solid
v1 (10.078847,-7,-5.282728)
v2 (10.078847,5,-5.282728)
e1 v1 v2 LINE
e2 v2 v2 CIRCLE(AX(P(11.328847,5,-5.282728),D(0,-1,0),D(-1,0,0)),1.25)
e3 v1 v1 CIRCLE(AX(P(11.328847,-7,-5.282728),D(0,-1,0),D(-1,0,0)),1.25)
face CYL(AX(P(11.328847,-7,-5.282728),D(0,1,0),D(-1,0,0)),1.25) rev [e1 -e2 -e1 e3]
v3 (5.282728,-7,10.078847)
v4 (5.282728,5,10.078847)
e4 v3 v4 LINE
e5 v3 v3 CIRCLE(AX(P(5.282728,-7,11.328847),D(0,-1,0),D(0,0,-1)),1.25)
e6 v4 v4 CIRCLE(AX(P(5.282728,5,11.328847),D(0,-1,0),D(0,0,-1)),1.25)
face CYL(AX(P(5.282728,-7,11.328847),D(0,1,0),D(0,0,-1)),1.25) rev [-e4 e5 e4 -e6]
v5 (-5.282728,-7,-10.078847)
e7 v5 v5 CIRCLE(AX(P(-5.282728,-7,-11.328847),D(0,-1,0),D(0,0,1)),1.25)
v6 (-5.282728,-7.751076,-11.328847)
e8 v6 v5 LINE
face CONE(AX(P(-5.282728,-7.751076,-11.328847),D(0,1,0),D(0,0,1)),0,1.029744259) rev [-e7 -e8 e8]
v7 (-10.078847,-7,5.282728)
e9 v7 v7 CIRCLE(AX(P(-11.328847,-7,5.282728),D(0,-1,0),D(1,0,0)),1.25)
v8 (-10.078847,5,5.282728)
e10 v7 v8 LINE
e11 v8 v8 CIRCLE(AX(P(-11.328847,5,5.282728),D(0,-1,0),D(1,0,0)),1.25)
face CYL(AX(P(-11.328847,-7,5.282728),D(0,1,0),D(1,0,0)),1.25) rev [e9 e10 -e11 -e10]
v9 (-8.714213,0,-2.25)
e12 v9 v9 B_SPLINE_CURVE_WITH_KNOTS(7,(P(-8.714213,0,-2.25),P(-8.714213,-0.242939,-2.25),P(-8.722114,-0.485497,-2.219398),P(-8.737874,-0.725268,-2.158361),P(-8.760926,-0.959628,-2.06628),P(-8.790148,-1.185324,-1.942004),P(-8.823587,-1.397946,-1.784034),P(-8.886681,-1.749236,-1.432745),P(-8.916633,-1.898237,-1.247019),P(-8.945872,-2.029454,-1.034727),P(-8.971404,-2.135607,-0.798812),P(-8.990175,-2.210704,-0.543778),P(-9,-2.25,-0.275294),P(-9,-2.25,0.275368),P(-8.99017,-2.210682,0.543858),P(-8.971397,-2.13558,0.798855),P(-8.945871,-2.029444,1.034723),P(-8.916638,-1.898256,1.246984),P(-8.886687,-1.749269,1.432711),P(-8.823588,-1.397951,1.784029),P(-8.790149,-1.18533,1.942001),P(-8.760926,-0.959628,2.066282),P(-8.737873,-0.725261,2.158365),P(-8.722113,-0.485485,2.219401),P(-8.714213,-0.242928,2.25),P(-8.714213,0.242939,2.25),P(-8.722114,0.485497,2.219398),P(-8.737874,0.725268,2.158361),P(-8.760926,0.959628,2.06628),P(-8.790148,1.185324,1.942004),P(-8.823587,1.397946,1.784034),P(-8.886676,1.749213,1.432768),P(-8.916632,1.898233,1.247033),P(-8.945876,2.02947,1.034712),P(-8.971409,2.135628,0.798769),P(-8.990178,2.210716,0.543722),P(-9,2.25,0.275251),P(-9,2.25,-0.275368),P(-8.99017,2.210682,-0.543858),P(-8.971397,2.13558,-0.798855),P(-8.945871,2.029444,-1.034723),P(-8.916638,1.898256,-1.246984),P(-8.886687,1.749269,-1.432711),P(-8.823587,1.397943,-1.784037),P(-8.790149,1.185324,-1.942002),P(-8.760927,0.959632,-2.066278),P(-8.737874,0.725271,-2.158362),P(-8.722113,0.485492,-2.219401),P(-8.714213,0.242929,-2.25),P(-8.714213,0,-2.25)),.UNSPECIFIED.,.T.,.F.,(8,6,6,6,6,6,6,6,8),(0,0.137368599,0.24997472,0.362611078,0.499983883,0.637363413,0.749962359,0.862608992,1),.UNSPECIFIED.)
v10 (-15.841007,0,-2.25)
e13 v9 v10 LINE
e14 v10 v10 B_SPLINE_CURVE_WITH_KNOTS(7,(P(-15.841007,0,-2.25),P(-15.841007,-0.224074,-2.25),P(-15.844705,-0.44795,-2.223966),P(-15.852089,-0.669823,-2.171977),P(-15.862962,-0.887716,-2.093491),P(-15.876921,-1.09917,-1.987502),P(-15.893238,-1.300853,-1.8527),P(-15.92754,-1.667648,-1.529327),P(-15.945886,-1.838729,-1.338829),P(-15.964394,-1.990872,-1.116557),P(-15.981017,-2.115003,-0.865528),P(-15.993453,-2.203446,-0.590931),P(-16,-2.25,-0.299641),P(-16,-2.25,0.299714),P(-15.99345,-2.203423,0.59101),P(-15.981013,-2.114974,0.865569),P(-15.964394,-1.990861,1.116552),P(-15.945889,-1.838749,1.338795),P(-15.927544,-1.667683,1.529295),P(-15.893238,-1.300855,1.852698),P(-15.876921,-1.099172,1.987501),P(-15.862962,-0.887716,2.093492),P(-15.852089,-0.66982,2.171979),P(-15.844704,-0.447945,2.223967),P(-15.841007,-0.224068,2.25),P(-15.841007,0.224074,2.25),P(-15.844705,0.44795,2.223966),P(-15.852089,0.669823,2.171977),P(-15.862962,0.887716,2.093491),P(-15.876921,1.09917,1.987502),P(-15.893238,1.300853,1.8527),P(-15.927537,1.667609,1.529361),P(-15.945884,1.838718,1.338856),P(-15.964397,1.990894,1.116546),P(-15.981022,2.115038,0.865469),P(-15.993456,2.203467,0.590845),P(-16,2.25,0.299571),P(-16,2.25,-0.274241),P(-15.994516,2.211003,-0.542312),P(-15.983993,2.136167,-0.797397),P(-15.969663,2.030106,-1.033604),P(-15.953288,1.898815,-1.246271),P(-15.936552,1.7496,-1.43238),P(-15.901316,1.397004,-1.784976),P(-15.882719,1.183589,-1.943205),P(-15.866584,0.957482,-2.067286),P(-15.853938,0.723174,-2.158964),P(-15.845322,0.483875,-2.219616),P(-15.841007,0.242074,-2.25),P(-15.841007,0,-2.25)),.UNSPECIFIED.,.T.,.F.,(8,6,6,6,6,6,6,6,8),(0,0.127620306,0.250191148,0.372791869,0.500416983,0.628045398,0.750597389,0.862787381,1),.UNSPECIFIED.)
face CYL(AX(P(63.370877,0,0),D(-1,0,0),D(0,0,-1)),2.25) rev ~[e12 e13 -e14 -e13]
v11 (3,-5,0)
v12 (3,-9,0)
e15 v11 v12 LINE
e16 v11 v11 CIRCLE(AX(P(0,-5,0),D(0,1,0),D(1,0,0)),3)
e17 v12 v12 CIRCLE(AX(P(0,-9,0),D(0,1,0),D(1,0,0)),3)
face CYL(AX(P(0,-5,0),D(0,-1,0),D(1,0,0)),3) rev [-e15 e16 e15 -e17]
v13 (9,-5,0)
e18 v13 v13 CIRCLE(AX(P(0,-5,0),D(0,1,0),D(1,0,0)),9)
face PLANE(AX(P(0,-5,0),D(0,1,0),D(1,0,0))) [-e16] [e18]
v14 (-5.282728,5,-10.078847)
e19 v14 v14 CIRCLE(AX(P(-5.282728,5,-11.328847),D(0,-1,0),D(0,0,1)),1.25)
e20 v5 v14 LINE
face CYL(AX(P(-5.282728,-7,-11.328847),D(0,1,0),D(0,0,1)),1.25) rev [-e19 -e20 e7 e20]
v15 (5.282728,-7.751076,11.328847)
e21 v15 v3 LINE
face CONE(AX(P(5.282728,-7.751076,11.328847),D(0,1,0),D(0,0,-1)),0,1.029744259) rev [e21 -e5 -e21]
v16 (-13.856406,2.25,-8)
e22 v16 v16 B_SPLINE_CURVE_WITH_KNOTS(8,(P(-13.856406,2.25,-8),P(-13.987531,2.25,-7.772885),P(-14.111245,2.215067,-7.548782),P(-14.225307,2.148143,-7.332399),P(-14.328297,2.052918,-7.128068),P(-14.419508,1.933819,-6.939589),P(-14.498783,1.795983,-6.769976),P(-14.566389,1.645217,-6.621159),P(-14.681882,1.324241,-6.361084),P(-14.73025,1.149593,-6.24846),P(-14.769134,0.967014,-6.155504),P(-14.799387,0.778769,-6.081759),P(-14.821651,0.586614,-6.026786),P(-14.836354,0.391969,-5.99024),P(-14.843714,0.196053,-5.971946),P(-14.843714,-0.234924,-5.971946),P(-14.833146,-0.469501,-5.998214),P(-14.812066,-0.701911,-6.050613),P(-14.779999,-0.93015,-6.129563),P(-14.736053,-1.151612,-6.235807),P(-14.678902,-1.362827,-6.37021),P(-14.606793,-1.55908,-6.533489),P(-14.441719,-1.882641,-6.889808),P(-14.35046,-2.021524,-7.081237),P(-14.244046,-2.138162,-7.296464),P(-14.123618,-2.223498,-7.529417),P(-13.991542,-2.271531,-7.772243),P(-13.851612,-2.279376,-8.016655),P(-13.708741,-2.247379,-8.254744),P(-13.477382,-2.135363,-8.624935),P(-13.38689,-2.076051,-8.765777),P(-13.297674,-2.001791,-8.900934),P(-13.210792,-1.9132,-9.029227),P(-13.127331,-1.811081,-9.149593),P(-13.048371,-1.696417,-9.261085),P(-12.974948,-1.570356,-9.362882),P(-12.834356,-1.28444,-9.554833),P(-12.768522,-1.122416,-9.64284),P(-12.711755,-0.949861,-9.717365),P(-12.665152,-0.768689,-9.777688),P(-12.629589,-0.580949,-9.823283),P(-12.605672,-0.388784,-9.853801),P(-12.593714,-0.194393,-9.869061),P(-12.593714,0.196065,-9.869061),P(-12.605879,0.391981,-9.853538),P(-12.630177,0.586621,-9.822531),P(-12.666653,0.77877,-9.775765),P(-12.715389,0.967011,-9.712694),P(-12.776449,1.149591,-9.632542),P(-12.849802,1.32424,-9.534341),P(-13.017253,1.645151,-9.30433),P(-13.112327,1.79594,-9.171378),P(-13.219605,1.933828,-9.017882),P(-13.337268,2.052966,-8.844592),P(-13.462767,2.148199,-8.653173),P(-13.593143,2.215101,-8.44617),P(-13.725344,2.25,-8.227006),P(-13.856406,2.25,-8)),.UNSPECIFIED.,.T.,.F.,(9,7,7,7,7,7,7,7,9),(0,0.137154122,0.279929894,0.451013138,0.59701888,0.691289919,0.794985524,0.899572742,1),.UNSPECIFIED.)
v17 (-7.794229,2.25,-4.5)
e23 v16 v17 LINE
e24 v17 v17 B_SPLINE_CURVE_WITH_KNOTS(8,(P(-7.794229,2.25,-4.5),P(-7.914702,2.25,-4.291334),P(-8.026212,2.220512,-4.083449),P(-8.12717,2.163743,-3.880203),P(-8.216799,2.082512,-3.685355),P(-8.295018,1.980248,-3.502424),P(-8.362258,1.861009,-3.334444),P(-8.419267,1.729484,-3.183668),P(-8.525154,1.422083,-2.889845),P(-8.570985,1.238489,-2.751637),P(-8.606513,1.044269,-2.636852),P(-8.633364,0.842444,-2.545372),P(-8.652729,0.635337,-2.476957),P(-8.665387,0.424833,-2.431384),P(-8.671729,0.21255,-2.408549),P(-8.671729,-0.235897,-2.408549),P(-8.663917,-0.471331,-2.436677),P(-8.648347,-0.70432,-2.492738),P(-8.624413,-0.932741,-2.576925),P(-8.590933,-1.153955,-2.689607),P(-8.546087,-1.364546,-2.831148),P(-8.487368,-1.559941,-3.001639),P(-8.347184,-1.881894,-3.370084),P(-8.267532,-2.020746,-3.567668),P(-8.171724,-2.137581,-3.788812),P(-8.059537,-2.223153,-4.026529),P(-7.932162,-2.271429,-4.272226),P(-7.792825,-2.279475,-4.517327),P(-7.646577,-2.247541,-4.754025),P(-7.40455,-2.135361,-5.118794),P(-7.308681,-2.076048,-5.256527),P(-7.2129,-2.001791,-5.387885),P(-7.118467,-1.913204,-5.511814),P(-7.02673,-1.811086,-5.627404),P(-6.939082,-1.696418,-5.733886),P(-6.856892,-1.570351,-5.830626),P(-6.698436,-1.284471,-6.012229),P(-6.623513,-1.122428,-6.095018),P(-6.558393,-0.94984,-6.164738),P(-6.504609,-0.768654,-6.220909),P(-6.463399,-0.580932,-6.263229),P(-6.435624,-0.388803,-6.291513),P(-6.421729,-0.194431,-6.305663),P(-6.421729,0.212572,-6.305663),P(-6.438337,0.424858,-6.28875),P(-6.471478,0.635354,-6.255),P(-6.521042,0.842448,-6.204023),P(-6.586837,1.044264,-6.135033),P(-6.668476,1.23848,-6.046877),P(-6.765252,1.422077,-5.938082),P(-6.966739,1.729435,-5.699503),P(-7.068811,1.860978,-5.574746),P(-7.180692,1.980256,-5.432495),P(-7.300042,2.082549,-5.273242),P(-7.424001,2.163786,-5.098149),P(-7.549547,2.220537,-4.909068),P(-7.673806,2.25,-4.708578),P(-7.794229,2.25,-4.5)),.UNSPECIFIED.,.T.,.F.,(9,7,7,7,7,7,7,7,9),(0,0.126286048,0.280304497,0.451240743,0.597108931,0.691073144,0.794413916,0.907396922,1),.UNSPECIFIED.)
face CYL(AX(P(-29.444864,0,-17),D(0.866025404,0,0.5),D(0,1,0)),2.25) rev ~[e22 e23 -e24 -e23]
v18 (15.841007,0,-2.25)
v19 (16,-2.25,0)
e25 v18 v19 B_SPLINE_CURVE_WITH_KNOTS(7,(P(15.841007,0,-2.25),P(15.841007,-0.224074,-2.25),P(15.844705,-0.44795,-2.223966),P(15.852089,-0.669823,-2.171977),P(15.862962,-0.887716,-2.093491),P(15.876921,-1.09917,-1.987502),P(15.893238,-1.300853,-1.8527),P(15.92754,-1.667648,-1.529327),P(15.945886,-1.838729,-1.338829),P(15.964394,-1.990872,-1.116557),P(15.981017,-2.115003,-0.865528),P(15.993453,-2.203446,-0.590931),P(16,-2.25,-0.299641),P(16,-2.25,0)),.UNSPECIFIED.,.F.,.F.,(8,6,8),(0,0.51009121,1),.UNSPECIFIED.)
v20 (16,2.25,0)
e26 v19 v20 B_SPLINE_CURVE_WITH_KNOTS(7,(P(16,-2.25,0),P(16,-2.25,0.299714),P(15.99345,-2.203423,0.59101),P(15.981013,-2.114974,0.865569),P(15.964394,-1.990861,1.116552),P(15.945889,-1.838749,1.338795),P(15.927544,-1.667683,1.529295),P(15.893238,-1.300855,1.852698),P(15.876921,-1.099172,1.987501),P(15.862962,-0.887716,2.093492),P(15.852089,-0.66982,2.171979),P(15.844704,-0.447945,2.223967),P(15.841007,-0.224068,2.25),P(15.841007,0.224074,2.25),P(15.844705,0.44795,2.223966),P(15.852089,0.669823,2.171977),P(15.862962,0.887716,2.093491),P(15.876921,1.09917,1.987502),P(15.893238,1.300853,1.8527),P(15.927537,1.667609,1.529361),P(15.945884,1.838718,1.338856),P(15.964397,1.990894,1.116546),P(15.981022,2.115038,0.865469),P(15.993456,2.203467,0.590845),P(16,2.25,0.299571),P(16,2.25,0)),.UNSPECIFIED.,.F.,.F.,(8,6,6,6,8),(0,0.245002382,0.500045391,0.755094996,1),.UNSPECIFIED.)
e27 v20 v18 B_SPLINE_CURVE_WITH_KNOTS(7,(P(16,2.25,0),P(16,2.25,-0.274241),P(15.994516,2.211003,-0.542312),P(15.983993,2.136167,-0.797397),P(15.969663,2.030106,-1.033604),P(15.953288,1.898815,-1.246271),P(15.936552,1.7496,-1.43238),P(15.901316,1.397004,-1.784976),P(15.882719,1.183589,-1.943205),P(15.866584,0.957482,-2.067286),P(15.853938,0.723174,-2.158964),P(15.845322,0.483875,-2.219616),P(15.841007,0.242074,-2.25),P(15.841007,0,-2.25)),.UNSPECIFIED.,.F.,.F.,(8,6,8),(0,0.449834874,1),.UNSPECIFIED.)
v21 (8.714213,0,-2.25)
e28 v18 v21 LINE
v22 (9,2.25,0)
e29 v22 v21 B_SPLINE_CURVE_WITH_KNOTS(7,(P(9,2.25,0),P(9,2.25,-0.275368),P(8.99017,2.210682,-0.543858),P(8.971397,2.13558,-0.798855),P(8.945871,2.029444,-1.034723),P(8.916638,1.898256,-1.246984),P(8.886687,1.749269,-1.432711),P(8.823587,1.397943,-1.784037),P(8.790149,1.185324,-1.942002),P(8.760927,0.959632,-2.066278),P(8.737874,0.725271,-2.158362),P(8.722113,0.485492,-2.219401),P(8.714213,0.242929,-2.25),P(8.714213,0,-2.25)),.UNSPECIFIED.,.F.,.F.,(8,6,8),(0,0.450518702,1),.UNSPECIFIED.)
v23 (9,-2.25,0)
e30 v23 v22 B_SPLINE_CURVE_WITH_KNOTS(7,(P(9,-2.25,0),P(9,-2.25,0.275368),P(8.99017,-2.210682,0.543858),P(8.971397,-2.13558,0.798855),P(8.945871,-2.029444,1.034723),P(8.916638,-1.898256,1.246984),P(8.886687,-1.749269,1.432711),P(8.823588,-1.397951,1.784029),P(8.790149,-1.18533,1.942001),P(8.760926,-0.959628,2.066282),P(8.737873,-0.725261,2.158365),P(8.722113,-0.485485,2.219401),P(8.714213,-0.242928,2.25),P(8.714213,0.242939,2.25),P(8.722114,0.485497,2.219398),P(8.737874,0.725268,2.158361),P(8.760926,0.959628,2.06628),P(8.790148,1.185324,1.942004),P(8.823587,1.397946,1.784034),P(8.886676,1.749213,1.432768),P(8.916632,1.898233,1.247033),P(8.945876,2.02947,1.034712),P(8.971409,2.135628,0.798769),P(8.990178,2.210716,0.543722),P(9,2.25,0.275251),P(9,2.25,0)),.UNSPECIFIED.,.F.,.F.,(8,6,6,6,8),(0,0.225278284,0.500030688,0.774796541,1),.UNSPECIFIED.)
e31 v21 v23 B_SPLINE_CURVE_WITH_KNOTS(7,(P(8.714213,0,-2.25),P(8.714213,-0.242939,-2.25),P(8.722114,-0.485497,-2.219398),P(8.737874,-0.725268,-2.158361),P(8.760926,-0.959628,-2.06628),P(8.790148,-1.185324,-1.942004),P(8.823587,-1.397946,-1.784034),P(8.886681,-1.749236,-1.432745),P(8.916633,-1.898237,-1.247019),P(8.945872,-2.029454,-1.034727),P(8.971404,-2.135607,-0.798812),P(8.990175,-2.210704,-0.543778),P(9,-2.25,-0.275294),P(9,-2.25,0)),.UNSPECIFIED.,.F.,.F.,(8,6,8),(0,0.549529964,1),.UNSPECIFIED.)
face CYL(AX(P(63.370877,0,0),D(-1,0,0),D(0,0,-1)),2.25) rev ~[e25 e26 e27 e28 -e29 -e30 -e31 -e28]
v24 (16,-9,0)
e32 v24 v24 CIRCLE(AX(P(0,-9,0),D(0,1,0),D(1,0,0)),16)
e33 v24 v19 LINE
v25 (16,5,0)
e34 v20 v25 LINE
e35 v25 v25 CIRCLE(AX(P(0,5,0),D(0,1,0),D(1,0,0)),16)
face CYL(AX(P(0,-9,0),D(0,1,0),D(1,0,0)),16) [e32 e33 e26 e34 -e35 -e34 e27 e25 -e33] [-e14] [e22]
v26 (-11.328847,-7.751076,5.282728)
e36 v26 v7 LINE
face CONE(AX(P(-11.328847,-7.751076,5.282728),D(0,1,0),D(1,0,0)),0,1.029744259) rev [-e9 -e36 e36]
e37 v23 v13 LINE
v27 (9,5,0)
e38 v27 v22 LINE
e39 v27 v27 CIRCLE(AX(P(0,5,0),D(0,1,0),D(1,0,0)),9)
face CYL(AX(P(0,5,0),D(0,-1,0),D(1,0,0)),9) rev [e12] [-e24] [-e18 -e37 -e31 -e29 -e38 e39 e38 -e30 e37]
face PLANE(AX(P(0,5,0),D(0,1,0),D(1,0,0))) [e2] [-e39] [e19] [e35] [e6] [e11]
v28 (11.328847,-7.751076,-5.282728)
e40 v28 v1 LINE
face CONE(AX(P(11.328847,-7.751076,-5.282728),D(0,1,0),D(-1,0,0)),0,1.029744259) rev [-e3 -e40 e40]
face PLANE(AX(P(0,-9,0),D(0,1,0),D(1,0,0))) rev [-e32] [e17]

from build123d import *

# Parameters (mm, degrees)
F_4_5_4_5_DIAMETER_HOLE1_D           = 4.5
F_4_5_4_5_DIAMETER_HOLE1_ON_FACE_2_D = 4.5
F_4_5_4_5_DIAMETER_HOLE2_D           = 4.5
F_4_5_4_5_DIAMETER_HOLE2_DEPTH       = 18
F_4_5_4_5_DIAMETER_HOLE2_TIP         = 1.351936393
CIRPATTERN1_COUNT                    = 4


with BuildPart() as part:
    # Esboço1 → Revolução1 (revolve)
    with BuildSketch(Plane.XY):
        Polygon((3, -9), (16, -9), (16, 5), (9, 5), (9, -5), (3, -5), align=None)
    revolve(axis=Axis((0, -9, 0), (0, 1, 0)))

    # Ø4.5 (4.5) Diameter Hole1 (through all)
    with Locations(Plane(origin=(16, 0, 0), x_dir=(0, 0, 1), z_dir=(1, 0, 0))):
        with Locations((0, 0)):
            Hole(F_4_5_4_5_DIAMETER_HOLE1_D / 2)

    # Ø4.5 (4.5) Diameter Hole1 on face 2 (through all)
    with Locations(Plane(origin=(0, 0, 0), x_dir=(0, 0, 1), z_dir=(1, 0, 0))):
        with Locations((0, 0)):
            Hole(F_4_5_4_5_DIAMETER_HOLE1_ON_FACE_2_D / 2)

    # Ø4.5 (4.5) Diameter Hole2
    with Locations(Plane(origin=(-13.856406461, 0, -8), x_dir=(0, -1, 0), z_dir=(-0.8660254037844364, 0, -0.5000000000000041))):
        with Locations((0, 0)):
            Hole(F_4_5_4_5_DIAMETER_HOLE2_D / 2, depth=F_4_5_4_5_DIAMETER_HOLE2_DEPTH)
            with Locations((0, 0, -(F_4_5_4_5_DIAMETER_HOLE2_DEPTH + F_4_5_4_5_DIAMETER_HOLE2_TIP / 2))):  # 118° drill point
                Cone(0, F_4_5_4_5_DIAMETER_HOLE2_D / 2, F_4_5_4_5_DIAMETER_HOLE2_TIP, mode=Mode.SUBTRACT)

    # Sketch1 → M3x0.5 Tapped Hole1 (revolve, cut)
    with BuildSketch(Plane(origin=(-5.282728272, 5, -11.328847338), x_dir=(0, 0, 1), z_dir=(1, 0, 0))):
        Polygon((0, 0), (0, 12.751075774), (1.25, 12), (1.25, 0), align=None)
    m3x0_5_tapped_hole1 = revolve(axis=Axis((-5.282728272, 11.35, -11.328847338), (0, -1, 0)), mode=Mode.SUBTRACT)

    # CirPattern1: M3x0.5 Tapped Hole1 ×4 about axis
    cirpattern1_axis = Axis((0, 0, 0), (0, -1, 0))
    for i in range(1, CIRPATTERN1_COUNT):
        add(m3x0_5_tapped_hole1.rotate(cirpattern1_axis, i * 360 / CIRPATTERN1_COUNT), mode=Mode.SUBTRACT)


solid = part.part
